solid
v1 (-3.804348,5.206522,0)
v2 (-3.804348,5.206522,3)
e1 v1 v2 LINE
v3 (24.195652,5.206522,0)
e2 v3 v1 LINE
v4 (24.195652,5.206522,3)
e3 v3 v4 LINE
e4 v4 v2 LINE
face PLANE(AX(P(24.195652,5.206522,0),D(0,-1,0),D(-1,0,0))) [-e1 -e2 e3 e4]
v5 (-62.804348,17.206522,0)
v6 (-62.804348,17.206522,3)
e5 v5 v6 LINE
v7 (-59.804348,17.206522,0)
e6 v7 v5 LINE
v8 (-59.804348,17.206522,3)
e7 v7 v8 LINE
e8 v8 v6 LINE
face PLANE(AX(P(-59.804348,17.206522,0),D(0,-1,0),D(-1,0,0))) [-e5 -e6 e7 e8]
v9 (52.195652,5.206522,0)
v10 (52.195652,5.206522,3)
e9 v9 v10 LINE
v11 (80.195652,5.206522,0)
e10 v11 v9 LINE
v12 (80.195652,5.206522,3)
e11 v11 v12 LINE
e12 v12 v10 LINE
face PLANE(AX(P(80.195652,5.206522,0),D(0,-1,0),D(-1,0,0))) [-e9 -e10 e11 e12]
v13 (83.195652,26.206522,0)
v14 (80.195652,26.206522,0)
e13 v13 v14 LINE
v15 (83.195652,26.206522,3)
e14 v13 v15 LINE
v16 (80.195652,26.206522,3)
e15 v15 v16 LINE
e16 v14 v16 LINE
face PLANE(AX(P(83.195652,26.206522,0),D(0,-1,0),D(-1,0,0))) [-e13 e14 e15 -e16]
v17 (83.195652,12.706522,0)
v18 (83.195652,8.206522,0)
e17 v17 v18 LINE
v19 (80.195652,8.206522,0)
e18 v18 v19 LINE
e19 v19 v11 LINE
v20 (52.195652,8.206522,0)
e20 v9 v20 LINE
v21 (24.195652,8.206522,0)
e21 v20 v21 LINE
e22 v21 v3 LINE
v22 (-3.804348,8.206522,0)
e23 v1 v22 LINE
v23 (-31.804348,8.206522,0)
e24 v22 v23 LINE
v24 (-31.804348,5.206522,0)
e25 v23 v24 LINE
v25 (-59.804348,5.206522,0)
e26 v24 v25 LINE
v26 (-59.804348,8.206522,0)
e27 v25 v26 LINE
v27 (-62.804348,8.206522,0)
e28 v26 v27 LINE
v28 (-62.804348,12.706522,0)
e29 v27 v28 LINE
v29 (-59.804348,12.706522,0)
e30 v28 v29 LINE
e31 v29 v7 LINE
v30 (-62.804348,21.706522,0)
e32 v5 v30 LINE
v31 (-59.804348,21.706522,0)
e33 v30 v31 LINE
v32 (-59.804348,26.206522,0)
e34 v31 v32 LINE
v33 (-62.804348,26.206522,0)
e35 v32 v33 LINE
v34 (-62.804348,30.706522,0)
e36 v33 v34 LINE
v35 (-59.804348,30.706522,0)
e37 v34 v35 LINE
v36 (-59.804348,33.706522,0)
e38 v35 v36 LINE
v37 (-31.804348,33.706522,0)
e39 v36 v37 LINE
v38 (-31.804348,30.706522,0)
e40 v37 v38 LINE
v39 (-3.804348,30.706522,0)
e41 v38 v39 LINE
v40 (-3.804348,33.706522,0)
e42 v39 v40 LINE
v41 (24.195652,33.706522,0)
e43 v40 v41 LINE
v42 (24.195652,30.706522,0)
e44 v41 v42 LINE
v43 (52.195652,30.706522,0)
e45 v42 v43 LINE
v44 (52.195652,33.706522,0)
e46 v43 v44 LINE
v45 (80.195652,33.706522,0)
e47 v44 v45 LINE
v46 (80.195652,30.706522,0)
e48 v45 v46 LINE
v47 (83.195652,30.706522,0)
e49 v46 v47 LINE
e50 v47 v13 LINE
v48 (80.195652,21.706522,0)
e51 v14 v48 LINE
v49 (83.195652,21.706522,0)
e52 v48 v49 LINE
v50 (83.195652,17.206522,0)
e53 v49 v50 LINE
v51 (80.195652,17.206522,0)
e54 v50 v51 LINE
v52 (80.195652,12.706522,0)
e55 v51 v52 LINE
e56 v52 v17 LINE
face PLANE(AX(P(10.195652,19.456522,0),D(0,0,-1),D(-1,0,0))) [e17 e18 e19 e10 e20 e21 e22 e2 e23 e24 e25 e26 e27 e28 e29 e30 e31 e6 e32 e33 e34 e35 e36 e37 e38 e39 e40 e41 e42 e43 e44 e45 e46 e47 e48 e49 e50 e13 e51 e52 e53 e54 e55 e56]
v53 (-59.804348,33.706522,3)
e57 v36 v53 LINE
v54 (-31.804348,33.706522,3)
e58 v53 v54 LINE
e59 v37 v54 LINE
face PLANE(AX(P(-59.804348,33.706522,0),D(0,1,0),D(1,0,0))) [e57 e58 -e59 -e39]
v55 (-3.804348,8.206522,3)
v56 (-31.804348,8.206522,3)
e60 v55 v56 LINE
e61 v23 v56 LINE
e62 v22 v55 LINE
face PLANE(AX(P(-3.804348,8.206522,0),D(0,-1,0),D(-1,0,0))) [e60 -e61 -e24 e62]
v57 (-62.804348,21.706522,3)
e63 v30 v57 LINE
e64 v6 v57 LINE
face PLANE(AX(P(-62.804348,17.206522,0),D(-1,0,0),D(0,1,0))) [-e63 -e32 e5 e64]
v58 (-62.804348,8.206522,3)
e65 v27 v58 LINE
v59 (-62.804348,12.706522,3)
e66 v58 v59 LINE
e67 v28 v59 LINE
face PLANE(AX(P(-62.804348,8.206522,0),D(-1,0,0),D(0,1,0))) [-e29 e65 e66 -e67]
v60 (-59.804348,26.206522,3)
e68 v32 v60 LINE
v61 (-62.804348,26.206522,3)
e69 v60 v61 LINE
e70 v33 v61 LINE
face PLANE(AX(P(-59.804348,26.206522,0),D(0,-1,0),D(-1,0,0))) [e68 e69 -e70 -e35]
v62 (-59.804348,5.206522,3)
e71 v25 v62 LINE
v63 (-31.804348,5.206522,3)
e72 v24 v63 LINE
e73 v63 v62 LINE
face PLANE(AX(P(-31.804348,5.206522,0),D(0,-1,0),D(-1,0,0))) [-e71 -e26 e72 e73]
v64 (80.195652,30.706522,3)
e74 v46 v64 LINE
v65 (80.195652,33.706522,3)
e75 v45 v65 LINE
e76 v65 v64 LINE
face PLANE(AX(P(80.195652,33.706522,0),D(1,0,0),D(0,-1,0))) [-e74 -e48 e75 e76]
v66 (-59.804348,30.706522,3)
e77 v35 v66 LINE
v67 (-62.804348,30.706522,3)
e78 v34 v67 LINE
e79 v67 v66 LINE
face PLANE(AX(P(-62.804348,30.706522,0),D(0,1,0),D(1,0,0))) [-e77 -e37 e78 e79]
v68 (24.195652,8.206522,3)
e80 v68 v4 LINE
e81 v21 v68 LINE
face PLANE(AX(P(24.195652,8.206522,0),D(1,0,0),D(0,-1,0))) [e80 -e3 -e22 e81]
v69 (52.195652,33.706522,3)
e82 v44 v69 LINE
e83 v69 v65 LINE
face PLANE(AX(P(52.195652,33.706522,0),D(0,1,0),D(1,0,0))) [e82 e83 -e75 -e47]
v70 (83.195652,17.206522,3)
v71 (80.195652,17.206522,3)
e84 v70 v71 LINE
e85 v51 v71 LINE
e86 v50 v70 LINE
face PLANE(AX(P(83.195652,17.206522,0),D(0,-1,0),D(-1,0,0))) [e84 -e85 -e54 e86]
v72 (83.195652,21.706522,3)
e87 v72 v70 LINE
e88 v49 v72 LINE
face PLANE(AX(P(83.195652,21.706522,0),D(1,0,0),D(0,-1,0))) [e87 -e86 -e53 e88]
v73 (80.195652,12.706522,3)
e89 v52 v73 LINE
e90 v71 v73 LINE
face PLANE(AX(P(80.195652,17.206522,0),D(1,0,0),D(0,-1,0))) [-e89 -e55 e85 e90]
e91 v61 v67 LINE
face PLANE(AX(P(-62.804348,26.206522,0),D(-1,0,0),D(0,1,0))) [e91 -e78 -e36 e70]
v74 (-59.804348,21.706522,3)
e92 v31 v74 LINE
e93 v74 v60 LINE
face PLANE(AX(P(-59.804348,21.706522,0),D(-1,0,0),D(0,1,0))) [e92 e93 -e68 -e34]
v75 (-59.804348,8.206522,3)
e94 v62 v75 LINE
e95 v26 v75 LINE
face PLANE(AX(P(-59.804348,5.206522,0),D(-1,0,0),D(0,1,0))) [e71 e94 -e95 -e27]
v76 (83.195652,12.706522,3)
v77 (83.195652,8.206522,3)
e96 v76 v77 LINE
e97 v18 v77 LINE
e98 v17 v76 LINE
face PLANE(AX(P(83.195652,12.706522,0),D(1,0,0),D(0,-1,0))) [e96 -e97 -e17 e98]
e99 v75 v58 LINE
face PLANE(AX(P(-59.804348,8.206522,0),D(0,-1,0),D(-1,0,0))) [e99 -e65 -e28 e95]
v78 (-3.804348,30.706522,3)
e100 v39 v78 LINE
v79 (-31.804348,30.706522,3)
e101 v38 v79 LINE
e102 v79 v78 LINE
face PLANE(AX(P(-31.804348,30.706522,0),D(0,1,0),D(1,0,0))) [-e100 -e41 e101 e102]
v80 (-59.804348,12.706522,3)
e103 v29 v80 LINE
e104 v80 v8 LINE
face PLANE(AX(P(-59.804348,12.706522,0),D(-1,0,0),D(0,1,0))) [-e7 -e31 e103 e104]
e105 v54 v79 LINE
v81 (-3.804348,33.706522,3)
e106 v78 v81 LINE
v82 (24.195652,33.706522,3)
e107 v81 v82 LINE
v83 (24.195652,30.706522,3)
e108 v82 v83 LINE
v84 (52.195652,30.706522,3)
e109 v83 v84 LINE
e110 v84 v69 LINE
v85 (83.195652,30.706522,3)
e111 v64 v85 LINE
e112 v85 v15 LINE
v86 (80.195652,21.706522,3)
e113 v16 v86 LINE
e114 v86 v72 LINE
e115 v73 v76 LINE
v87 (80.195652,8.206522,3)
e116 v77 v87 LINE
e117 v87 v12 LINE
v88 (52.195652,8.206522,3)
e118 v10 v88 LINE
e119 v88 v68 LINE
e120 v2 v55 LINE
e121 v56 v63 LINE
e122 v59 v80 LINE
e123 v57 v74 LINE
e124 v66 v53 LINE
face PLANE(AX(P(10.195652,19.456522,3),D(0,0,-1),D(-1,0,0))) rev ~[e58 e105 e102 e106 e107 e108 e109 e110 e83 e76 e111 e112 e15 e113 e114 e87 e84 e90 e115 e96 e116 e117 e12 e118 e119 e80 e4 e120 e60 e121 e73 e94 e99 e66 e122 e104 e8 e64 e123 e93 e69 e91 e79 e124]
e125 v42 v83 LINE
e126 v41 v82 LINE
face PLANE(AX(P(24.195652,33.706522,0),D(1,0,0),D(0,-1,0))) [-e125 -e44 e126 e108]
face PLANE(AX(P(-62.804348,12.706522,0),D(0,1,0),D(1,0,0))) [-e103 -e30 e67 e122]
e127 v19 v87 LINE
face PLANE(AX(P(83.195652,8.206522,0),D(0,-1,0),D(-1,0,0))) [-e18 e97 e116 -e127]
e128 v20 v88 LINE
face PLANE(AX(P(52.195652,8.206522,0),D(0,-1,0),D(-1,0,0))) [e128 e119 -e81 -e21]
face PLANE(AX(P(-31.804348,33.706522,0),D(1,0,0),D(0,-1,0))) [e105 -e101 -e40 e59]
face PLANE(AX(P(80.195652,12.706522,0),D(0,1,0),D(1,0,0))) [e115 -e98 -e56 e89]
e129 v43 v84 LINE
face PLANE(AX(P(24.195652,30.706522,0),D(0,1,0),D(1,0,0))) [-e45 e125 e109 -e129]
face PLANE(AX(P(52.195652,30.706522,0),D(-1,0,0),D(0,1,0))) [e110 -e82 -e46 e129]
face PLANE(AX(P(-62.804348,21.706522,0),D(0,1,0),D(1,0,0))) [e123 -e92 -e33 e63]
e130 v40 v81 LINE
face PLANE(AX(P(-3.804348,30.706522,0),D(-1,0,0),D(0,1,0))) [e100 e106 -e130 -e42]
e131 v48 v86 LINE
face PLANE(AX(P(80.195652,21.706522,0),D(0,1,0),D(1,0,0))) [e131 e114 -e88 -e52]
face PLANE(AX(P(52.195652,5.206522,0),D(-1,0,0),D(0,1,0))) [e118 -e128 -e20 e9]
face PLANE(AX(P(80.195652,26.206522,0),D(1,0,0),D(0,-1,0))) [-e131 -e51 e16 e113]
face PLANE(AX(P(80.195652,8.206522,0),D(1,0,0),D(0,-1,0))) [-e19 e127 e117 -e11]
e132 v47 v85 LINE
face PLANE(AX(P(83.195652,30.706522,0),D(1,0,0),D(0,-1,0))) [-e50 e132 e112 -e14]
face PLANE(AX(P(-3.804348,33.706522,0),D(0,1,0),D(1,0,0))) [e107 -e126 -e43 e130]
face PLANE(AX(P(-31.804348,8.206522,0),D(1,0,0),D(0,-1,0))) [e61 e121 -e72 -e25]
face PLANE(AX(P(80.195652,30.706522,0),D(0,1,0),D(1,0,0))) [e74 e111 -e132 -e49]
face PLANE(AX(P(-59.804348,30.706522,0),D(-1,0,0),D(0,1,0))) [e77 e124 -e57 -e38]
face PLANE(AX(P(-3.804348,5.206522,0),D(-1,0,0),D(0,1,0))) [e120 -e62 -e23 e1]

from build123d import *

# Parameters (mm, degrees)
BOSS_EXTRUDE1_DEPTH = 3


with BuildPart() as part:
    # Sketch1 → Boss-Extrude1 (new body)
    with BuildSketch(Plane.XY):
        Polygon((-59.804347826, 30.706521739), (-59.804347826, 33.706521739), (-31.804347826, 33.706521739), (-31.804347826, 30.706521739), (-3.804347826, 30.706521739), (-3.804347826, 33.706521739), (24.195652174, 33.706521739), (24.195652174, 30.706521739), (52.195652174, 30.706521739), (52.195652174, 33.706521739), (80.195652174, 33.706521739), (80.195652174, 30.706521739), (83.195652174, 30.706521739), (83.195652174, 26.206521739), (80.195652174, 26.206521739), (80.195652174, 21.706521739), (83.195652174, 21.706521739), (83.195652174, 17.206521739), (80.195652174, 17.206521739), (80.195652174, 12.706521739), (83.195652174, 12.706521739), (83.195652174, 8.206521739), (80.195652174, 8.206521739), (80.195652174, 5.206521739), (52.195652174, 5.206521739), (52.195652174, 8.206521739), (24.195652174, 8.206521739), (24.195652174, 5.206521739), (-3.804347826, 5.206521739), (-3.804347826, 8.206521739), (-31.804347826, 8.206521739), (-31.804347826, 5.206521739), (-59.804347826, 5.206521739), (-59.804347826, 8.206521739), (-62.804347826, 8.206521739), (-62.804347826, 12.706521739), (-59.804347826, 12.706521739), (-59.804347826, 17.206521739), (-62.804347826, 17.206521739), (-62.804347826, 21.706521739), (-59.804347826, 21.706521739), (-59.804347826, 26.206521739), (-62.804347826, 26.206521739), (-62.804347826, 30.706521739), align=None)
    extrude(amount=BOSS_EXTRUDE1_DEPTH)


solid = part.part
